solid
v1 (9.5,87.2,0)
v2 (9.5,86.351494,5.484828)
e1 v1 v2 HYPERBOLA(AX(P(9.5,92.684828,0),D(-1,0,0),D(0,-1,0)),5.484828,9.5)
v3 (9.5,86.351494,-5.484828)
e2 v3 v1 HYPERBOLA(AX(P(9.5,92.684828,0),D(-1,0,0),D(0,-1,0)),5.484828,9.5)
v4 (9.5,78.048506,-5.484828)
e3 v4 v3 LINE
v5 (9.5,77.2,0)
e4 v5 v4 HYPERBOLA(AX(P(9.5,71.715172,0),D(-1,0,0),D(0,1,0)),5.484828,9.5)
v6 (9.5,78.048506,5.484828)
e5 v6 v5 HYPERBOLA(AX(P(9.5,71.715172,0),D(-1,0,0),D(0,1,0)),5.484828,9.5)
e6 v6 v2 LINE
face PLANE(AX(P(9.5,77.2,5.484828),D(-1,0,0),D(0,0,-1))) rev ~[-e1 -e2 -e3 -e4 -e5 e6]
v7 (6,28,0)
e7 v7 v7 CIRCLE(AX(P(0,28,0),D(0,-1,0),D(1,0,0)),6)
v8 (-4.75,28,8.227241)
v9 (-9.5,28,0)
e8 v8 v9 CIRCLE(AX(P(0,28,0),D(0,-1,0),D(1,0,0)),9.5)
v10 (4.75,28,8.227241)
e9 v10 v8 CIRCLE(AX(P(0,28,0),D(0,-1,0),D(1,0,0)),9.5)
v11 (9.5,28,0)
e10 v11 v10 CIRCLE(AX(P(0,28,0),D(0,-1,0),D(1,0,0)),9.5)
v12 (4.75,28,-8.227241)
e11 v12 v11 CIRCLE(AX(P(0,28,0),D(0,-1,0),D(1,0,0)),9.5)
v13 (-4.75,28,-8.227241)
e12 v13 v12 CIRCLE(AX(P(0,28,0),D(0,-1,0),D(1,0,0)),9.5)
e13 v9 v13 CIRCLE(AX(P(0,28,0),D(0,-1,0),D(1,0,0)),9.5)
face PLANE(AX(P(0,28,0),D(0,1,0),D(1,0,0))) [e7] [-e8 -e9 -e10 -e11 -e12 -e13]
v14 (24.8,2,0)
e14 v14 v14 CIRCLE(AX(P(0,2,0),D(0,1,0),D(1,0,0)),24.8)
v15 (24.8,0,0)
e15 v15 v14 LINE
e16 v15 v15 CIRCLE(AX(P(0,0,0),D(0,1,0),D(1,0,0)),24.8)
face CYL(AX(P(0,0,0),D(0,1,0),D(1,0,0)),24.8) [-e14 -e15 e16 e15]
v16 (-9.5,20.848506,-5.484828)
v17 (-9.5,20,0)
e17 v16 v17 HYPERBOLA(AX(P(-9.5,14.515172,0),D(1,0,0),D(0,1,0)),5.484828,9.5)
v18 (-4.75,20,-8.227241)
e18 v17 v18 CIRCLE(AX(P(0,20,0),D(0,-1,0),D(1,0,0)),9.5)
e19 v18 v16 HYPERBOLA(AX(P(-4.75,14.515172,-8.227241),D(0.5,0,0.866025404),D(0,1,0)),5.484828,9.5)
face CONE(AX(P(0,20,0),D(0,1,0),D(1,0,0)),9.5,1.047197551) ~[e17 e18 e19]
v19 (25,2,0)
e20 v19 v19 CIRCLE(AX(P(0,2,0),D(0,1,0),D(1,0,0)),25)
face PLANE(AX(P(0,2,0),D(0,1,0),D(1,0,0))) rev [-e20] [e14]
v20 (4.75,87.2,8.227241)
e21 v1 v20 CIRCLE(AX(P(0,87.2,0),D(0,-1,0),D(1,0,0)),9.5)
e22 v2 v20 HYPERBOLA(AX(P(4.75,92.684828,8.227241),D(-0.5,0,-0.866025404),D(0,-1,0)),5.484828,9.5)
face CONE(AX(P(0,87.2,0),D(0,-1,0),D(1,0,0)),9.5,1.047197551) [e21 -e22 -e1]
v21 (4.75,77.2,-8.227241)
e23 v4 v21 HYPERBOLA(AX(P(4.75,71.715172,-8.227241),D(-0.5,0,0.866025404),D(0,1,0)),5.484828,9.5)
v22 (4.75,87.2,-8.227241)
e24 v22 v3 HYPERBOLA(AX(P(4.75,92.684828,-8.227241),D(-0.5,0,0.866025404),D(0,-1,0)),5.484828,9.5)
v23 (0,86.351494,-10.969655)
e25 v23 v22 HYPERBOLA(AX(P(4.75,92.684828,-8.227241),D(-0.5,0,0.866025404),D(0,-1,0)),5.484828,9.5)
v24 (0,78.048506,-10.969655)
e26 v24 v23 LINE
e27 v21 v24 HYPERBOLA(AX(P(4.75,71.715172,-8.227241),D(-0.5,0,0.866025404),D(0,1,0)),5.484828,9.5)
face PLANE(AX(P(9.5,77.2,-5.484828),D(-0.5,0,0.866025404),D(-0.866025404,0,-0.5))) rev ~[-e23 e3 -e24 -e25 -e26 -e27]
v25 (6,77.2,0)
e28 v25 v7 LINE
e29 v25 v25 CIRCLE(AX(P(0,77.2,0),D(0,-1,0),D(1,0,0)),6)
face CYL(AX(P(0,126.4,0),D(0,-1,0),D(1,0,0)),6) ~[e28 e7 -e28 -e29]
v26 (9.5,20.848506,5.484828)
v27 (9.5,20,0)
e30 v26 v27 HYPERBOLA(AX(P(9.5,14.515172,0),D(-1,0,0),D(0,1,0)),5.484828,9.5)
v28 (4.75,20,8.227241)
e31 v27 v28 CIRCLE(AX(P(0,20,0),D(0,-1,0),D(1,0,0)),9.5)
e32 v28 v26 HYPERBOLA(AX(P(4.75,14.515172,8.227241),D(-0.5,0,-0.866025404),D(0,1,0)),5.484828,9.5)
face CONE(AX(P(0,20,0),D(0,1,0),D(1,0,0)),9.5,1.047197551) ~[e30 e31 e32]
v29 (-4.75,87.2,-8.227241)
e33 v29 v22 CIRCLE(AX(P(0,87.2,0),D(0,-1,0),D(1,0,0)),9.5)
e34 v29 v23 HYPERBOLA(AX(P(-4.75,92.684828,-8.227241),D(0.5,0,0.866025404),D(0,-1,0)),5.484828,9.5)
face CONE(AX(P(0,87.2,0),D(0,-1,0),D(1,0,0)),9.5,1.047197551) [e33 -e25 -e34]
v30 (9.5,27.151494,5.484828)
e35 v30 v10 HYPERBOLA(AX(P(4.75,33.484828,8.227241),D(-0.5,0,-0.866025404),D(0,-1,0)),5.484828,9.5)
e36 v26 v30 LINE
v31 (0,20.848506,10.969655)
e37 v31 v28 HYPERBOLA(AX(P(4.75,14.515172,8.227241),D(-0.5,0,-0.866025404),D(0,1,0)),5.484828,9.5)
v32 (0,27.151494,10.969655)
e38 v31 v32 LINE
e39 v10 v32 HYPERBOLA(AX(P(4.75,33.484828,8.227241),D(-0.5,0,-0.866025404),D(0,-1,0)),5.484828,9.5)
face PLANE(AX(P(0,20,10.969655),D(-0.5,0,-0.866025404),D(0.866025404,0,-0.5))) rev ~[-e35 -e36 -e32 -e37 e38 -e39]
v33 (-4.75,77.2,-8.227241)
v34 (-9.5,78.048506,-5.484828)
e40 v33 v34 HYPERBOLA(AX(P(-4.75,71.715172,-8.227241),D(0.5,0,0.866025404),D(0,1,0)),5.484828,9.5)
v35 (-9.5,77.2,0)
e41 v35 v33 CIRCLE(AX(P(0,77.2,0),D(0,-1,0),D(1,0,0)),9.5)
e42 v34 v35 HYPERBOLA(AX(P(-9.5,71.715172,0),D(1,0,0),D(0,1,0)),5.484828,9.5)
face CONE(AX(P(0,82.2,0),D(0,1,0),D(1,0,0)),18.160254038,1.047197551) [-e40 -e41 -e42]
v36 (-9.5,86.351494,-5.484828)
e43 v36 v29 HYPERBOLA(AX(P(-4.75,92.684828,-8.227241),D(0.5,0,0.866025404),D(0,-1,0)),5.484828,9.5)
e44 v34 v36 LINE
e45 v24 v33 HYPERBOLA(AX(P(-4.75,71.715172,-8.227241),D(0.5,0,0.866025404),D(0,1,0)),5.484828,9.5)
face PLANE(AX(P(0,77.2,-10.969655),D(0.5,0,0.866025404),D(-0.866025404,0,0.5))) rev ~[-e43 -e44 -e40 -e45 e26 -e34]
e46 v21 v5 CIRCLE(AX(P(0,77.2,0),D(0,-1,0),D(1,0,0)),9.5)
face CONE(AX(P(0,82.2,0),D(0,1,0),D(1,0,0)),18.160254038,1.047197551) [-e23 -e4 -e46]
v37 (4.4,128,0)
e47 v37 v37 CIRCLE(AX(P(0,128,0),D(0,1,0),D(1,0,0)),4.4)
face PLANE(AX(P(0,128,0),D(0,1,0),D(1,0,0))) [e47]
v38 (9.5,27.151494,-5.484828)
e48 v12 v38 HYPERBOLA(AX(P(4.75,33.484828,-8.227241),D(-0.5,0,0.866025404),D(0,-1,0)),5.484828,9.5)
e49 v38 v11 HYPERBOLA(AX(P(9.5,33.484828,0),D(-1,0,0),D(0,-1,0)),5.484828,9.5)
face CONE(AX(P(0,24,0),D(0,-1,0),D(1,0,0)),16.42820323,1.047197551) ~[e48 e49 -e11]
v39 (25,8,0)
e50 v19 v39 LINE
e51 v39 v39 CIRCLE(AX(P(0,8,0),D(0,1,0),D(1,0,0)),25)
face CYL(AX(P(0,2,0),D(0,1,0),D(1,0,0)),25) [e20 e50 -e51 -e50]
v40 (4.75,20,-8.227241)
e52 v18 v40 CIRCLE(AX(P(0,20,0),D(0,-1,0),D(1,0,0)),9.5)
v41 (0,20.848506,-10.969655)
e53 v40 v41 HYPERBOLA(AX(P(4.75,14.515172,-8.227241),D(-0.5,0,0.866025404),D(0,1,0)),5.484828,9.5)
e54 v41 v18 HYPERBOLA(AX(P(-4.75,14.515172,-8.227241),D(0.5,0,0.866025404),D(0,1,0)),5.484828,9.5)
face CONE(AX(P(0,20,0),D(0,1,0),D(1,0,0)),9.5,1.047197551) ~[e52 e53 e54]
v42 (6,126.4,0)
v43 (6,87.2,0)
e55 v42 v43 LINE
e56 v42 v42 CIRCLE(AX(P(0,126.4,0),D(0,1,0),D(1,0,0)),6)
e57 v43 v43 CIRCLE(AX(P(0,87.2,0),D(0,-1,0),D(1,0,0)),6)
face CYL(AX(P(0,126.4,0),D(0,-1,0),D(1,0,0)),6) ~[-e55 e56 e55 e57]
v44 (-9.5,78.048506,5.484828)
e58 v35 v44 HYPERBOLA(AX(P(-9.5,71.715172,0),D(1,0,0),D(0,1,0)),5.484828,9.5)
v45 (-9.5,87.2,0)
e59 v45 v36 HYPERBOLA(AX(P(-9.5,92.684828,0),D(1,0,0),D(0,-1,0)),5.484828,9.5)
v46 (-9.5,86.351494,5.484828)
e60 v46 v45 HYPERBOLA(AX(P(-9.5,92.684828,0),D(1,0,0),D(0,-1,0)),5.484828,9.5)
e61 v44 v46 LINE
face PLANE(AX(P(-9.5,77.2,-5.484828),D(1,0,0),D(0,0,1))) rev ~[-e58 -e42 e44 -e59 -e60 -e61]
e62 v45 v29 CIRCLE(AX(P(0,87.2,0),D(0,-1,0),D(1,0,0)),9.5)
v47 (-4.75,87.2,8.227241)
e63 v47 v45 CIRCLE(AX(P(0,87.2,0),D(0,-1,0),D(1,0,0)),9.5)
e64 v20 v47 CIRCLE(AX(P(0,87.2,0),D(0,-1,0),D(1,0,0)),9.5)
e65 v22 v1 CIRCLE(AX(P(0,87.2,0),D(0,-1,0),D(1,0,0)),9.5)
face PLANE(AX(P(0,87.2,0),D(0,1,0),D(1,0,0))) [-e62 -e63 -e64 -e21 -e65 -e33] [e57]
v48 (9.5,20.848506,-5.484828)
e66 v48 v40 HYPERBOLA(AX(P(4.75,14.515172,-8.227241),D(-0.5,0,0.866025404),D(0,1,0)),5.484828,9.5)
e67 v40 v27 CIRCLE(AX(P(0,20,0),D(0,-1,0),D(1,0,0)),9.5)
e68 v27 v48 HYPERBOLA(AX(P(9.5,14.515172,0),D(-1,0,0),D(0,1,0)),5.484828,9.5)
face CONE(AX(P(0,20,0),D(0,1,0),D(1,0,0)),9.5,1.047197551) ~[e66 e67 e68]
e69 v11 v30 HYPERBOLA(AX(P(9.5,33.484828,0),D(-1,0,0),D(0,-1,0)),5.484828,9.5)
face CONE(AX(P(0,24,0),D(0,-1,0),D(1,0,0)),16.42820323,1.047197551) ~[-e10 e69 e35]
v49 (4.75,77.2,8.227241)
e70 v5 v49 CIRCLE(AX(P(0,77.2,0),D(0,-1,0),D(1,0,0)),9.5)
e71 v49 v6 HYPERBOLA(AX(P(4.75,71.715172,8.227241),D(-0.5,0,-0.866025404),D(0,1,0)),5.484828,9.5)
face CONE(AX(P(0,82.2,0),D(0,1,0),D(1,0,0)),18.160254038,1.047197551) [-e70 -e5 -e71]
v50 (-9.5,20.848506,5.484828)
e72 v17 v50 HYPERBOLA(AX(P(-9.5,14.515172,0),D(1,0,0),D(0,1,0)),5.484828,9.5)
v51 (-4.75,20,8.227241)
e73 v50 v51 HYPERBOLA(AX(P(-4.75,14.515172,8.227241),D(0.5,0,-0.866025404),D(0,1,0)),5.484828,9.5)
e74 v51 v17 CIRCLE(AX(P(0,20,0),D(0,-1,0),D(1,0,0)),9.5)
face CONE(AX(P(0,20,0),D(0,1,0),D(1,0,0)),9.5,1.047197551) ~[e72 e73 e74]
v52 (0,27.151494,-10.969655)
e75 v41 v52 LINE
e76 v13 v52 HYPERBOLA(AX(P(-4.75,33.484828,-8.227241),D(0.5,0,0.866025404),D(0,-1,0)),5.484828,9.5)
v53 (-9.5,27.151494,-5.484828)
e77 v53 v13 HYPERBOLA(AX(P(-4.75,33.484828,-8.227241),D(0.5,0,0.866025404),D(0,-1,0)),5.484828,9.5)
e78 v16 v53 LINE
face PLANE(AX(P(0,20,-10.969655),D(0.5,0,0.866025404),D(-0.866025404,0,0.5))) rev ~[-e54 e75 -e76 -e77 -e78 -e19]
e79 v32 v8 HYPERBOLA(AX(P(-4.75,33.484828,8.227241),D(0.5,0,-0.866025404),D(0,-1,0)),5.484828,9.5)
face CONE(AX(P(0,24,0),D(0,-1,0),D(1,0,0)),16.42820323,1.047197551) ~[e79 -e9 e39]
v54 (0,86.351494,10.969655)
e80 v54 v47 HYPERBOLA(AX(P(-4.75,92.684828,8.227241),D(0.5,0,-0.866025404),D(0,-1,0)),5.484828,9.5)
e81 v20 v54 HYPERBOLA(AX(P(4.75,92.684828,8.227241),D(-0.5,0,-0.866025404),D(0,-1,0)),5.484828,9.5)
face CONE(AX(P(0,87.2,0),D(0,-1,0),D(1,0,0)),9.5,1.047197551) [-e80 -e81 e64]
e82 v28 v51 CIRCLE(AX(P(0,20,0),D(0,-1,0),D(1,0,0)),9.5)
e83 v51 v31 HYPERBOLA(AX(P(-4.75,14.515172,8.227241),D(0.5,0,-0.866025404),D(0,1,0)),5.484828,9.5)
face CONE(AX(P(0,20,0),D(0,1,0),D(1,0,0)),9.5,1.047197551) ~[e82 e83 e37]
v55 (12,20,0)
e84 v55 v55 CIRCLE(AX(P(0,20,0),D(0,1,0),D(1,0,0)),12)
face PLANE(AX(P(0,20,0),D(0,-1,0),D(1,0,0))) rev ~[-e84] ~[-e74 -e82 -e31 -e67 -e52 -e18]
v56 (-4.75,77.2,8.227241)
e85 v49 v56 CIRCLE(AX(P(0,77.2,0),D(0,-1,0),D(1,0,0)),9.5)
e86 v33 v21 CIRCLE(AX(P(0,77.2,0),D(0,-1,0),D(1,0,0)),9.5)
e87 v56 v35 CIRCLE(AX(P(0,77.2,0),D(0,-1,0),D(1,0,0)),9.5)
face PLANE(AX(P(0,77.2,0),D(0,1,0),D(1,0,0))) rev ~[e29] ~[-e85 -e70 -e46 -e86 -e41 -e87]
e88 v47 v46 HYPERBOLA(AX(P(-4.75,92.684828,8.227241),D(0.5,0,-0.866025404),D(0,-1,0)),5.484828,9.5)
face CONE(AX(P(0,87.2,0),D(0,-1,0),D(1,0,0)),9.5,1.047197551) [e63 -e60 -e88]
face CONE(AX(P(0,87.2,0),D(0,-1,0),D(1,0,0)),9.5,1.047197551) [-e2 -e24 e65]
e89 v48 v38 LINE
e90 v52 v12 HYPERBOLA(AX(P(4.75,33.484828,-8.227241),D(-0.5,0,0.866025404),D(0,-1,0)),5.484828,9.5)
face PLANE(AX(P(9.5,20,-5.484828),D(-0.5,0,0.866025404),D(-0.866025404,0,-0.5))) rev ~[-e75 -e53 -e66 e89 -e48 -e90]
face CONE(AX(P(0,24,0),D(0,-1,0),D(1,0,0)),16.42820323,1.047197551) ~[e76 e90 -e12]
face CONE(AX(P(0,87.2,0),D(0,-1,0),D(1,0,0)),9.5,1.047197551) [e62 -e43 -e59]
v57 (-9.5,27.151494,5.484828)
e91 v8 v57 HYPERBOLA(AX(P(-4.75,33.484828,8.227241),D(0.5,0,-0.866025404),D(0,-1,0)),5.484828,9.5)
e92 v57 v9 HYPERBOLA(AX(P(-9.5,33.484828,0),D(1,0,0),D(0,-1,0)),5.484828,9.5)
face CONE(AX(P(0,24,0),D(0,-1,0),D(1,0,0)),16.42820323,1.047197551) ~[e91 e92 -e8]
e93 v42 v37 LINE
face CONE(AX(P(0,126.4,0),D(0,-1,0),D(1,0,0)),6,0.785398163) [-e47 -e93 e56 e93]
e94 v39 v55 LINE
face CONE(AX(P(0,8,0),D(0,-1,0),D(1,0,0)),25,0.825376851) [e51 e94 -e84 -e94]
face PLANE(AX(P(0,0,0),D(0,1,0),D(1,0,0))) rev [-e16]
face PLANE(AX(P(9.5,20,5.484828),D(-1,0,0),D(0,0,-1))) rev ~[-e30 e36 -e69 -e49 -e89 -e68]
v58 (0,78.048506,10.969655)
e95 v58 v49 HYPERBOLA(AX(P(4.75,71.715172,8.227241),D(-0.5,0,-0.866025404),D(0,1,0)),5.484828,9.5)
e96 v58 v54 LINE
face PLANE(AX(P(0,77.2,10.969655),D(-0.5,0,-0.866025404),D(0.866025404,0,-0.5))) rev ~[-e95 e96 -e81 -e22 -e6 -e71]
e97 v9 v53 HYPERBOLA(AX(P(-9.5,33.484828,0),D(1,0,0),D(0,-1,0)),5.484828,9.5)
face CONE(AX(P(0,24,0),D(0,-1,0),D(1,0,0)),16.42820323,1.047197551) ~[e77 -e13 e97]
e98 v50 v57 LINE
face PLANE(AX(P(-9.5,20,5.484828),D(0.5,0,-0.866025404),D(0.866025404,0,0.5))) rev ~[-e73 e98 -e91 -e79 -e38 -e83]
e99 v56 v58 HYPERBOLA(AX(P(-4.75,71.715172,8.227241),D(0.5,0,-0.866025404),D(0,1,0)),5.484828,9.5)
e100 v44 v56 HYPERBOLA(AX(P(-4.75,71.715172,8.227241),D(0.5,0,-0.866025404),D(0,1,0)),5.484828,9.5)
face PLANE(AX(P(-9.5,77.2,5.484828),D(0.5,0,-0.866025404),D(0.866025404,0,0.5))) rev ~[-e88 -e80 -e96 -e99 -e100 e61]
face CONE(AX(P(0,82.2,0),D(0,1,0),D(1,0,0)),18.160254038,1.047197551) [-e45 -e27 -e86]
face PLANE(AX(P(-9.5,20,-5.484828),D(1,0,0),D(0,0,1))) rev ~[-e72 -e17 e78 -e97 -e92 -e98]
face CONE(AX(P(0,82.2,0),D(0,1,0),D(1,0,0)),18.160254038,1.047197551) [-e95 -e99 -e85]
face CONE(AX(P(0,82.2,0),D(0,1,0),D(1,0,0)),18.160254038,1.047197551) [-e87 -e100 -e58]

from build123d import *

# Parameters (mm, degrees)
EXTRUDE_1_DEPTH = 8
EXTRUDE_2_DEPTH = 10


with BuildPart() as part:
    # Эскиз1 → Повернуть1 (revolve)
    with BuildSketch(Plane.XY, mode=Mode.PRIVATE) as revolve_1_sk:
        Polygon((0, 0), (-24.8, 0), (-24.8, 2), (-25, 2), (-25, 8), (-12, 20), (-6, 20), (-6, 28), (-6, 126.4), (-4.4, 128), (0, 128), align=None)
    revolve(revolve_1_sk.sketch.rotate(Axis((0, 0, 0), (0, 1, 0)), 180), axis=Axis((0, 0, 0), (0, 1, 0)))  # turned: the seam where the file's is

    # Эскиз2 → Бобышка-Вытянуть1 (add)
    with BuildSketch(Plane(origin=(0, 20, 0), x_dir=(1, 0, 0), z_dir=(0, 1, 0))):
        Polygon((0, 10.969655115), (-9.5, 5.484827557), (-9.5, -5.484827557), (0, -10.969655115), (9.5, -5.484827557), (9.5, 5.484827557), align=None)
    extrude(amount=EXTRUDE_1_DEPTH)

    # Эскиз3 → Бобышка-Вытянуть2 (add)
    with BuildSketch(Plane(origin=(0, 77.2, 0), x_dir=(1, 0, 0), z_dir=(0, 1, 0))):
        Polygon((9.5, 5.484827557), (0, 10.969655115), (-9.5, 5.484827557), (-9.5, -5.484827557), (0, -10.969655115), (9.5, -5.484827557), align=None)
    extrude(amount=EXTRUDE_2_DEPTH)

    # Эскиз4 → Вырез-Повернуть2 (revolve, cut)
    with BuildSketch(Plane.XY, mode=Mode.PRIVATE) as cut_revolve_2_sk:
        Polygon((-18.160254038, 87.2), (-9.5, 87.2), (-18.160254038, 82.2), align=None)
        Polygon((-18.160254038, 77.2), (-18.160254038, 82.2), (-9.5, 77.2), align=None)
        Polygon((-16.42820323, 28), (-16.42820323, 24), (-9.5, 28), align=None)
        Polygon((-16.42820323, 24), (-16.42820323, 20), (-9.5, 20), align=None)
    revolve(cut_revolve_2_sk.sketch.rotate(Axis((0, 128, 0), (0, -1, 0)), 180), axis=Axis((0, 128, 0), (0, -1, 0)), mode=Mode.SUBTRACT)  # turned: the seam where the file's is


solid = part.part
